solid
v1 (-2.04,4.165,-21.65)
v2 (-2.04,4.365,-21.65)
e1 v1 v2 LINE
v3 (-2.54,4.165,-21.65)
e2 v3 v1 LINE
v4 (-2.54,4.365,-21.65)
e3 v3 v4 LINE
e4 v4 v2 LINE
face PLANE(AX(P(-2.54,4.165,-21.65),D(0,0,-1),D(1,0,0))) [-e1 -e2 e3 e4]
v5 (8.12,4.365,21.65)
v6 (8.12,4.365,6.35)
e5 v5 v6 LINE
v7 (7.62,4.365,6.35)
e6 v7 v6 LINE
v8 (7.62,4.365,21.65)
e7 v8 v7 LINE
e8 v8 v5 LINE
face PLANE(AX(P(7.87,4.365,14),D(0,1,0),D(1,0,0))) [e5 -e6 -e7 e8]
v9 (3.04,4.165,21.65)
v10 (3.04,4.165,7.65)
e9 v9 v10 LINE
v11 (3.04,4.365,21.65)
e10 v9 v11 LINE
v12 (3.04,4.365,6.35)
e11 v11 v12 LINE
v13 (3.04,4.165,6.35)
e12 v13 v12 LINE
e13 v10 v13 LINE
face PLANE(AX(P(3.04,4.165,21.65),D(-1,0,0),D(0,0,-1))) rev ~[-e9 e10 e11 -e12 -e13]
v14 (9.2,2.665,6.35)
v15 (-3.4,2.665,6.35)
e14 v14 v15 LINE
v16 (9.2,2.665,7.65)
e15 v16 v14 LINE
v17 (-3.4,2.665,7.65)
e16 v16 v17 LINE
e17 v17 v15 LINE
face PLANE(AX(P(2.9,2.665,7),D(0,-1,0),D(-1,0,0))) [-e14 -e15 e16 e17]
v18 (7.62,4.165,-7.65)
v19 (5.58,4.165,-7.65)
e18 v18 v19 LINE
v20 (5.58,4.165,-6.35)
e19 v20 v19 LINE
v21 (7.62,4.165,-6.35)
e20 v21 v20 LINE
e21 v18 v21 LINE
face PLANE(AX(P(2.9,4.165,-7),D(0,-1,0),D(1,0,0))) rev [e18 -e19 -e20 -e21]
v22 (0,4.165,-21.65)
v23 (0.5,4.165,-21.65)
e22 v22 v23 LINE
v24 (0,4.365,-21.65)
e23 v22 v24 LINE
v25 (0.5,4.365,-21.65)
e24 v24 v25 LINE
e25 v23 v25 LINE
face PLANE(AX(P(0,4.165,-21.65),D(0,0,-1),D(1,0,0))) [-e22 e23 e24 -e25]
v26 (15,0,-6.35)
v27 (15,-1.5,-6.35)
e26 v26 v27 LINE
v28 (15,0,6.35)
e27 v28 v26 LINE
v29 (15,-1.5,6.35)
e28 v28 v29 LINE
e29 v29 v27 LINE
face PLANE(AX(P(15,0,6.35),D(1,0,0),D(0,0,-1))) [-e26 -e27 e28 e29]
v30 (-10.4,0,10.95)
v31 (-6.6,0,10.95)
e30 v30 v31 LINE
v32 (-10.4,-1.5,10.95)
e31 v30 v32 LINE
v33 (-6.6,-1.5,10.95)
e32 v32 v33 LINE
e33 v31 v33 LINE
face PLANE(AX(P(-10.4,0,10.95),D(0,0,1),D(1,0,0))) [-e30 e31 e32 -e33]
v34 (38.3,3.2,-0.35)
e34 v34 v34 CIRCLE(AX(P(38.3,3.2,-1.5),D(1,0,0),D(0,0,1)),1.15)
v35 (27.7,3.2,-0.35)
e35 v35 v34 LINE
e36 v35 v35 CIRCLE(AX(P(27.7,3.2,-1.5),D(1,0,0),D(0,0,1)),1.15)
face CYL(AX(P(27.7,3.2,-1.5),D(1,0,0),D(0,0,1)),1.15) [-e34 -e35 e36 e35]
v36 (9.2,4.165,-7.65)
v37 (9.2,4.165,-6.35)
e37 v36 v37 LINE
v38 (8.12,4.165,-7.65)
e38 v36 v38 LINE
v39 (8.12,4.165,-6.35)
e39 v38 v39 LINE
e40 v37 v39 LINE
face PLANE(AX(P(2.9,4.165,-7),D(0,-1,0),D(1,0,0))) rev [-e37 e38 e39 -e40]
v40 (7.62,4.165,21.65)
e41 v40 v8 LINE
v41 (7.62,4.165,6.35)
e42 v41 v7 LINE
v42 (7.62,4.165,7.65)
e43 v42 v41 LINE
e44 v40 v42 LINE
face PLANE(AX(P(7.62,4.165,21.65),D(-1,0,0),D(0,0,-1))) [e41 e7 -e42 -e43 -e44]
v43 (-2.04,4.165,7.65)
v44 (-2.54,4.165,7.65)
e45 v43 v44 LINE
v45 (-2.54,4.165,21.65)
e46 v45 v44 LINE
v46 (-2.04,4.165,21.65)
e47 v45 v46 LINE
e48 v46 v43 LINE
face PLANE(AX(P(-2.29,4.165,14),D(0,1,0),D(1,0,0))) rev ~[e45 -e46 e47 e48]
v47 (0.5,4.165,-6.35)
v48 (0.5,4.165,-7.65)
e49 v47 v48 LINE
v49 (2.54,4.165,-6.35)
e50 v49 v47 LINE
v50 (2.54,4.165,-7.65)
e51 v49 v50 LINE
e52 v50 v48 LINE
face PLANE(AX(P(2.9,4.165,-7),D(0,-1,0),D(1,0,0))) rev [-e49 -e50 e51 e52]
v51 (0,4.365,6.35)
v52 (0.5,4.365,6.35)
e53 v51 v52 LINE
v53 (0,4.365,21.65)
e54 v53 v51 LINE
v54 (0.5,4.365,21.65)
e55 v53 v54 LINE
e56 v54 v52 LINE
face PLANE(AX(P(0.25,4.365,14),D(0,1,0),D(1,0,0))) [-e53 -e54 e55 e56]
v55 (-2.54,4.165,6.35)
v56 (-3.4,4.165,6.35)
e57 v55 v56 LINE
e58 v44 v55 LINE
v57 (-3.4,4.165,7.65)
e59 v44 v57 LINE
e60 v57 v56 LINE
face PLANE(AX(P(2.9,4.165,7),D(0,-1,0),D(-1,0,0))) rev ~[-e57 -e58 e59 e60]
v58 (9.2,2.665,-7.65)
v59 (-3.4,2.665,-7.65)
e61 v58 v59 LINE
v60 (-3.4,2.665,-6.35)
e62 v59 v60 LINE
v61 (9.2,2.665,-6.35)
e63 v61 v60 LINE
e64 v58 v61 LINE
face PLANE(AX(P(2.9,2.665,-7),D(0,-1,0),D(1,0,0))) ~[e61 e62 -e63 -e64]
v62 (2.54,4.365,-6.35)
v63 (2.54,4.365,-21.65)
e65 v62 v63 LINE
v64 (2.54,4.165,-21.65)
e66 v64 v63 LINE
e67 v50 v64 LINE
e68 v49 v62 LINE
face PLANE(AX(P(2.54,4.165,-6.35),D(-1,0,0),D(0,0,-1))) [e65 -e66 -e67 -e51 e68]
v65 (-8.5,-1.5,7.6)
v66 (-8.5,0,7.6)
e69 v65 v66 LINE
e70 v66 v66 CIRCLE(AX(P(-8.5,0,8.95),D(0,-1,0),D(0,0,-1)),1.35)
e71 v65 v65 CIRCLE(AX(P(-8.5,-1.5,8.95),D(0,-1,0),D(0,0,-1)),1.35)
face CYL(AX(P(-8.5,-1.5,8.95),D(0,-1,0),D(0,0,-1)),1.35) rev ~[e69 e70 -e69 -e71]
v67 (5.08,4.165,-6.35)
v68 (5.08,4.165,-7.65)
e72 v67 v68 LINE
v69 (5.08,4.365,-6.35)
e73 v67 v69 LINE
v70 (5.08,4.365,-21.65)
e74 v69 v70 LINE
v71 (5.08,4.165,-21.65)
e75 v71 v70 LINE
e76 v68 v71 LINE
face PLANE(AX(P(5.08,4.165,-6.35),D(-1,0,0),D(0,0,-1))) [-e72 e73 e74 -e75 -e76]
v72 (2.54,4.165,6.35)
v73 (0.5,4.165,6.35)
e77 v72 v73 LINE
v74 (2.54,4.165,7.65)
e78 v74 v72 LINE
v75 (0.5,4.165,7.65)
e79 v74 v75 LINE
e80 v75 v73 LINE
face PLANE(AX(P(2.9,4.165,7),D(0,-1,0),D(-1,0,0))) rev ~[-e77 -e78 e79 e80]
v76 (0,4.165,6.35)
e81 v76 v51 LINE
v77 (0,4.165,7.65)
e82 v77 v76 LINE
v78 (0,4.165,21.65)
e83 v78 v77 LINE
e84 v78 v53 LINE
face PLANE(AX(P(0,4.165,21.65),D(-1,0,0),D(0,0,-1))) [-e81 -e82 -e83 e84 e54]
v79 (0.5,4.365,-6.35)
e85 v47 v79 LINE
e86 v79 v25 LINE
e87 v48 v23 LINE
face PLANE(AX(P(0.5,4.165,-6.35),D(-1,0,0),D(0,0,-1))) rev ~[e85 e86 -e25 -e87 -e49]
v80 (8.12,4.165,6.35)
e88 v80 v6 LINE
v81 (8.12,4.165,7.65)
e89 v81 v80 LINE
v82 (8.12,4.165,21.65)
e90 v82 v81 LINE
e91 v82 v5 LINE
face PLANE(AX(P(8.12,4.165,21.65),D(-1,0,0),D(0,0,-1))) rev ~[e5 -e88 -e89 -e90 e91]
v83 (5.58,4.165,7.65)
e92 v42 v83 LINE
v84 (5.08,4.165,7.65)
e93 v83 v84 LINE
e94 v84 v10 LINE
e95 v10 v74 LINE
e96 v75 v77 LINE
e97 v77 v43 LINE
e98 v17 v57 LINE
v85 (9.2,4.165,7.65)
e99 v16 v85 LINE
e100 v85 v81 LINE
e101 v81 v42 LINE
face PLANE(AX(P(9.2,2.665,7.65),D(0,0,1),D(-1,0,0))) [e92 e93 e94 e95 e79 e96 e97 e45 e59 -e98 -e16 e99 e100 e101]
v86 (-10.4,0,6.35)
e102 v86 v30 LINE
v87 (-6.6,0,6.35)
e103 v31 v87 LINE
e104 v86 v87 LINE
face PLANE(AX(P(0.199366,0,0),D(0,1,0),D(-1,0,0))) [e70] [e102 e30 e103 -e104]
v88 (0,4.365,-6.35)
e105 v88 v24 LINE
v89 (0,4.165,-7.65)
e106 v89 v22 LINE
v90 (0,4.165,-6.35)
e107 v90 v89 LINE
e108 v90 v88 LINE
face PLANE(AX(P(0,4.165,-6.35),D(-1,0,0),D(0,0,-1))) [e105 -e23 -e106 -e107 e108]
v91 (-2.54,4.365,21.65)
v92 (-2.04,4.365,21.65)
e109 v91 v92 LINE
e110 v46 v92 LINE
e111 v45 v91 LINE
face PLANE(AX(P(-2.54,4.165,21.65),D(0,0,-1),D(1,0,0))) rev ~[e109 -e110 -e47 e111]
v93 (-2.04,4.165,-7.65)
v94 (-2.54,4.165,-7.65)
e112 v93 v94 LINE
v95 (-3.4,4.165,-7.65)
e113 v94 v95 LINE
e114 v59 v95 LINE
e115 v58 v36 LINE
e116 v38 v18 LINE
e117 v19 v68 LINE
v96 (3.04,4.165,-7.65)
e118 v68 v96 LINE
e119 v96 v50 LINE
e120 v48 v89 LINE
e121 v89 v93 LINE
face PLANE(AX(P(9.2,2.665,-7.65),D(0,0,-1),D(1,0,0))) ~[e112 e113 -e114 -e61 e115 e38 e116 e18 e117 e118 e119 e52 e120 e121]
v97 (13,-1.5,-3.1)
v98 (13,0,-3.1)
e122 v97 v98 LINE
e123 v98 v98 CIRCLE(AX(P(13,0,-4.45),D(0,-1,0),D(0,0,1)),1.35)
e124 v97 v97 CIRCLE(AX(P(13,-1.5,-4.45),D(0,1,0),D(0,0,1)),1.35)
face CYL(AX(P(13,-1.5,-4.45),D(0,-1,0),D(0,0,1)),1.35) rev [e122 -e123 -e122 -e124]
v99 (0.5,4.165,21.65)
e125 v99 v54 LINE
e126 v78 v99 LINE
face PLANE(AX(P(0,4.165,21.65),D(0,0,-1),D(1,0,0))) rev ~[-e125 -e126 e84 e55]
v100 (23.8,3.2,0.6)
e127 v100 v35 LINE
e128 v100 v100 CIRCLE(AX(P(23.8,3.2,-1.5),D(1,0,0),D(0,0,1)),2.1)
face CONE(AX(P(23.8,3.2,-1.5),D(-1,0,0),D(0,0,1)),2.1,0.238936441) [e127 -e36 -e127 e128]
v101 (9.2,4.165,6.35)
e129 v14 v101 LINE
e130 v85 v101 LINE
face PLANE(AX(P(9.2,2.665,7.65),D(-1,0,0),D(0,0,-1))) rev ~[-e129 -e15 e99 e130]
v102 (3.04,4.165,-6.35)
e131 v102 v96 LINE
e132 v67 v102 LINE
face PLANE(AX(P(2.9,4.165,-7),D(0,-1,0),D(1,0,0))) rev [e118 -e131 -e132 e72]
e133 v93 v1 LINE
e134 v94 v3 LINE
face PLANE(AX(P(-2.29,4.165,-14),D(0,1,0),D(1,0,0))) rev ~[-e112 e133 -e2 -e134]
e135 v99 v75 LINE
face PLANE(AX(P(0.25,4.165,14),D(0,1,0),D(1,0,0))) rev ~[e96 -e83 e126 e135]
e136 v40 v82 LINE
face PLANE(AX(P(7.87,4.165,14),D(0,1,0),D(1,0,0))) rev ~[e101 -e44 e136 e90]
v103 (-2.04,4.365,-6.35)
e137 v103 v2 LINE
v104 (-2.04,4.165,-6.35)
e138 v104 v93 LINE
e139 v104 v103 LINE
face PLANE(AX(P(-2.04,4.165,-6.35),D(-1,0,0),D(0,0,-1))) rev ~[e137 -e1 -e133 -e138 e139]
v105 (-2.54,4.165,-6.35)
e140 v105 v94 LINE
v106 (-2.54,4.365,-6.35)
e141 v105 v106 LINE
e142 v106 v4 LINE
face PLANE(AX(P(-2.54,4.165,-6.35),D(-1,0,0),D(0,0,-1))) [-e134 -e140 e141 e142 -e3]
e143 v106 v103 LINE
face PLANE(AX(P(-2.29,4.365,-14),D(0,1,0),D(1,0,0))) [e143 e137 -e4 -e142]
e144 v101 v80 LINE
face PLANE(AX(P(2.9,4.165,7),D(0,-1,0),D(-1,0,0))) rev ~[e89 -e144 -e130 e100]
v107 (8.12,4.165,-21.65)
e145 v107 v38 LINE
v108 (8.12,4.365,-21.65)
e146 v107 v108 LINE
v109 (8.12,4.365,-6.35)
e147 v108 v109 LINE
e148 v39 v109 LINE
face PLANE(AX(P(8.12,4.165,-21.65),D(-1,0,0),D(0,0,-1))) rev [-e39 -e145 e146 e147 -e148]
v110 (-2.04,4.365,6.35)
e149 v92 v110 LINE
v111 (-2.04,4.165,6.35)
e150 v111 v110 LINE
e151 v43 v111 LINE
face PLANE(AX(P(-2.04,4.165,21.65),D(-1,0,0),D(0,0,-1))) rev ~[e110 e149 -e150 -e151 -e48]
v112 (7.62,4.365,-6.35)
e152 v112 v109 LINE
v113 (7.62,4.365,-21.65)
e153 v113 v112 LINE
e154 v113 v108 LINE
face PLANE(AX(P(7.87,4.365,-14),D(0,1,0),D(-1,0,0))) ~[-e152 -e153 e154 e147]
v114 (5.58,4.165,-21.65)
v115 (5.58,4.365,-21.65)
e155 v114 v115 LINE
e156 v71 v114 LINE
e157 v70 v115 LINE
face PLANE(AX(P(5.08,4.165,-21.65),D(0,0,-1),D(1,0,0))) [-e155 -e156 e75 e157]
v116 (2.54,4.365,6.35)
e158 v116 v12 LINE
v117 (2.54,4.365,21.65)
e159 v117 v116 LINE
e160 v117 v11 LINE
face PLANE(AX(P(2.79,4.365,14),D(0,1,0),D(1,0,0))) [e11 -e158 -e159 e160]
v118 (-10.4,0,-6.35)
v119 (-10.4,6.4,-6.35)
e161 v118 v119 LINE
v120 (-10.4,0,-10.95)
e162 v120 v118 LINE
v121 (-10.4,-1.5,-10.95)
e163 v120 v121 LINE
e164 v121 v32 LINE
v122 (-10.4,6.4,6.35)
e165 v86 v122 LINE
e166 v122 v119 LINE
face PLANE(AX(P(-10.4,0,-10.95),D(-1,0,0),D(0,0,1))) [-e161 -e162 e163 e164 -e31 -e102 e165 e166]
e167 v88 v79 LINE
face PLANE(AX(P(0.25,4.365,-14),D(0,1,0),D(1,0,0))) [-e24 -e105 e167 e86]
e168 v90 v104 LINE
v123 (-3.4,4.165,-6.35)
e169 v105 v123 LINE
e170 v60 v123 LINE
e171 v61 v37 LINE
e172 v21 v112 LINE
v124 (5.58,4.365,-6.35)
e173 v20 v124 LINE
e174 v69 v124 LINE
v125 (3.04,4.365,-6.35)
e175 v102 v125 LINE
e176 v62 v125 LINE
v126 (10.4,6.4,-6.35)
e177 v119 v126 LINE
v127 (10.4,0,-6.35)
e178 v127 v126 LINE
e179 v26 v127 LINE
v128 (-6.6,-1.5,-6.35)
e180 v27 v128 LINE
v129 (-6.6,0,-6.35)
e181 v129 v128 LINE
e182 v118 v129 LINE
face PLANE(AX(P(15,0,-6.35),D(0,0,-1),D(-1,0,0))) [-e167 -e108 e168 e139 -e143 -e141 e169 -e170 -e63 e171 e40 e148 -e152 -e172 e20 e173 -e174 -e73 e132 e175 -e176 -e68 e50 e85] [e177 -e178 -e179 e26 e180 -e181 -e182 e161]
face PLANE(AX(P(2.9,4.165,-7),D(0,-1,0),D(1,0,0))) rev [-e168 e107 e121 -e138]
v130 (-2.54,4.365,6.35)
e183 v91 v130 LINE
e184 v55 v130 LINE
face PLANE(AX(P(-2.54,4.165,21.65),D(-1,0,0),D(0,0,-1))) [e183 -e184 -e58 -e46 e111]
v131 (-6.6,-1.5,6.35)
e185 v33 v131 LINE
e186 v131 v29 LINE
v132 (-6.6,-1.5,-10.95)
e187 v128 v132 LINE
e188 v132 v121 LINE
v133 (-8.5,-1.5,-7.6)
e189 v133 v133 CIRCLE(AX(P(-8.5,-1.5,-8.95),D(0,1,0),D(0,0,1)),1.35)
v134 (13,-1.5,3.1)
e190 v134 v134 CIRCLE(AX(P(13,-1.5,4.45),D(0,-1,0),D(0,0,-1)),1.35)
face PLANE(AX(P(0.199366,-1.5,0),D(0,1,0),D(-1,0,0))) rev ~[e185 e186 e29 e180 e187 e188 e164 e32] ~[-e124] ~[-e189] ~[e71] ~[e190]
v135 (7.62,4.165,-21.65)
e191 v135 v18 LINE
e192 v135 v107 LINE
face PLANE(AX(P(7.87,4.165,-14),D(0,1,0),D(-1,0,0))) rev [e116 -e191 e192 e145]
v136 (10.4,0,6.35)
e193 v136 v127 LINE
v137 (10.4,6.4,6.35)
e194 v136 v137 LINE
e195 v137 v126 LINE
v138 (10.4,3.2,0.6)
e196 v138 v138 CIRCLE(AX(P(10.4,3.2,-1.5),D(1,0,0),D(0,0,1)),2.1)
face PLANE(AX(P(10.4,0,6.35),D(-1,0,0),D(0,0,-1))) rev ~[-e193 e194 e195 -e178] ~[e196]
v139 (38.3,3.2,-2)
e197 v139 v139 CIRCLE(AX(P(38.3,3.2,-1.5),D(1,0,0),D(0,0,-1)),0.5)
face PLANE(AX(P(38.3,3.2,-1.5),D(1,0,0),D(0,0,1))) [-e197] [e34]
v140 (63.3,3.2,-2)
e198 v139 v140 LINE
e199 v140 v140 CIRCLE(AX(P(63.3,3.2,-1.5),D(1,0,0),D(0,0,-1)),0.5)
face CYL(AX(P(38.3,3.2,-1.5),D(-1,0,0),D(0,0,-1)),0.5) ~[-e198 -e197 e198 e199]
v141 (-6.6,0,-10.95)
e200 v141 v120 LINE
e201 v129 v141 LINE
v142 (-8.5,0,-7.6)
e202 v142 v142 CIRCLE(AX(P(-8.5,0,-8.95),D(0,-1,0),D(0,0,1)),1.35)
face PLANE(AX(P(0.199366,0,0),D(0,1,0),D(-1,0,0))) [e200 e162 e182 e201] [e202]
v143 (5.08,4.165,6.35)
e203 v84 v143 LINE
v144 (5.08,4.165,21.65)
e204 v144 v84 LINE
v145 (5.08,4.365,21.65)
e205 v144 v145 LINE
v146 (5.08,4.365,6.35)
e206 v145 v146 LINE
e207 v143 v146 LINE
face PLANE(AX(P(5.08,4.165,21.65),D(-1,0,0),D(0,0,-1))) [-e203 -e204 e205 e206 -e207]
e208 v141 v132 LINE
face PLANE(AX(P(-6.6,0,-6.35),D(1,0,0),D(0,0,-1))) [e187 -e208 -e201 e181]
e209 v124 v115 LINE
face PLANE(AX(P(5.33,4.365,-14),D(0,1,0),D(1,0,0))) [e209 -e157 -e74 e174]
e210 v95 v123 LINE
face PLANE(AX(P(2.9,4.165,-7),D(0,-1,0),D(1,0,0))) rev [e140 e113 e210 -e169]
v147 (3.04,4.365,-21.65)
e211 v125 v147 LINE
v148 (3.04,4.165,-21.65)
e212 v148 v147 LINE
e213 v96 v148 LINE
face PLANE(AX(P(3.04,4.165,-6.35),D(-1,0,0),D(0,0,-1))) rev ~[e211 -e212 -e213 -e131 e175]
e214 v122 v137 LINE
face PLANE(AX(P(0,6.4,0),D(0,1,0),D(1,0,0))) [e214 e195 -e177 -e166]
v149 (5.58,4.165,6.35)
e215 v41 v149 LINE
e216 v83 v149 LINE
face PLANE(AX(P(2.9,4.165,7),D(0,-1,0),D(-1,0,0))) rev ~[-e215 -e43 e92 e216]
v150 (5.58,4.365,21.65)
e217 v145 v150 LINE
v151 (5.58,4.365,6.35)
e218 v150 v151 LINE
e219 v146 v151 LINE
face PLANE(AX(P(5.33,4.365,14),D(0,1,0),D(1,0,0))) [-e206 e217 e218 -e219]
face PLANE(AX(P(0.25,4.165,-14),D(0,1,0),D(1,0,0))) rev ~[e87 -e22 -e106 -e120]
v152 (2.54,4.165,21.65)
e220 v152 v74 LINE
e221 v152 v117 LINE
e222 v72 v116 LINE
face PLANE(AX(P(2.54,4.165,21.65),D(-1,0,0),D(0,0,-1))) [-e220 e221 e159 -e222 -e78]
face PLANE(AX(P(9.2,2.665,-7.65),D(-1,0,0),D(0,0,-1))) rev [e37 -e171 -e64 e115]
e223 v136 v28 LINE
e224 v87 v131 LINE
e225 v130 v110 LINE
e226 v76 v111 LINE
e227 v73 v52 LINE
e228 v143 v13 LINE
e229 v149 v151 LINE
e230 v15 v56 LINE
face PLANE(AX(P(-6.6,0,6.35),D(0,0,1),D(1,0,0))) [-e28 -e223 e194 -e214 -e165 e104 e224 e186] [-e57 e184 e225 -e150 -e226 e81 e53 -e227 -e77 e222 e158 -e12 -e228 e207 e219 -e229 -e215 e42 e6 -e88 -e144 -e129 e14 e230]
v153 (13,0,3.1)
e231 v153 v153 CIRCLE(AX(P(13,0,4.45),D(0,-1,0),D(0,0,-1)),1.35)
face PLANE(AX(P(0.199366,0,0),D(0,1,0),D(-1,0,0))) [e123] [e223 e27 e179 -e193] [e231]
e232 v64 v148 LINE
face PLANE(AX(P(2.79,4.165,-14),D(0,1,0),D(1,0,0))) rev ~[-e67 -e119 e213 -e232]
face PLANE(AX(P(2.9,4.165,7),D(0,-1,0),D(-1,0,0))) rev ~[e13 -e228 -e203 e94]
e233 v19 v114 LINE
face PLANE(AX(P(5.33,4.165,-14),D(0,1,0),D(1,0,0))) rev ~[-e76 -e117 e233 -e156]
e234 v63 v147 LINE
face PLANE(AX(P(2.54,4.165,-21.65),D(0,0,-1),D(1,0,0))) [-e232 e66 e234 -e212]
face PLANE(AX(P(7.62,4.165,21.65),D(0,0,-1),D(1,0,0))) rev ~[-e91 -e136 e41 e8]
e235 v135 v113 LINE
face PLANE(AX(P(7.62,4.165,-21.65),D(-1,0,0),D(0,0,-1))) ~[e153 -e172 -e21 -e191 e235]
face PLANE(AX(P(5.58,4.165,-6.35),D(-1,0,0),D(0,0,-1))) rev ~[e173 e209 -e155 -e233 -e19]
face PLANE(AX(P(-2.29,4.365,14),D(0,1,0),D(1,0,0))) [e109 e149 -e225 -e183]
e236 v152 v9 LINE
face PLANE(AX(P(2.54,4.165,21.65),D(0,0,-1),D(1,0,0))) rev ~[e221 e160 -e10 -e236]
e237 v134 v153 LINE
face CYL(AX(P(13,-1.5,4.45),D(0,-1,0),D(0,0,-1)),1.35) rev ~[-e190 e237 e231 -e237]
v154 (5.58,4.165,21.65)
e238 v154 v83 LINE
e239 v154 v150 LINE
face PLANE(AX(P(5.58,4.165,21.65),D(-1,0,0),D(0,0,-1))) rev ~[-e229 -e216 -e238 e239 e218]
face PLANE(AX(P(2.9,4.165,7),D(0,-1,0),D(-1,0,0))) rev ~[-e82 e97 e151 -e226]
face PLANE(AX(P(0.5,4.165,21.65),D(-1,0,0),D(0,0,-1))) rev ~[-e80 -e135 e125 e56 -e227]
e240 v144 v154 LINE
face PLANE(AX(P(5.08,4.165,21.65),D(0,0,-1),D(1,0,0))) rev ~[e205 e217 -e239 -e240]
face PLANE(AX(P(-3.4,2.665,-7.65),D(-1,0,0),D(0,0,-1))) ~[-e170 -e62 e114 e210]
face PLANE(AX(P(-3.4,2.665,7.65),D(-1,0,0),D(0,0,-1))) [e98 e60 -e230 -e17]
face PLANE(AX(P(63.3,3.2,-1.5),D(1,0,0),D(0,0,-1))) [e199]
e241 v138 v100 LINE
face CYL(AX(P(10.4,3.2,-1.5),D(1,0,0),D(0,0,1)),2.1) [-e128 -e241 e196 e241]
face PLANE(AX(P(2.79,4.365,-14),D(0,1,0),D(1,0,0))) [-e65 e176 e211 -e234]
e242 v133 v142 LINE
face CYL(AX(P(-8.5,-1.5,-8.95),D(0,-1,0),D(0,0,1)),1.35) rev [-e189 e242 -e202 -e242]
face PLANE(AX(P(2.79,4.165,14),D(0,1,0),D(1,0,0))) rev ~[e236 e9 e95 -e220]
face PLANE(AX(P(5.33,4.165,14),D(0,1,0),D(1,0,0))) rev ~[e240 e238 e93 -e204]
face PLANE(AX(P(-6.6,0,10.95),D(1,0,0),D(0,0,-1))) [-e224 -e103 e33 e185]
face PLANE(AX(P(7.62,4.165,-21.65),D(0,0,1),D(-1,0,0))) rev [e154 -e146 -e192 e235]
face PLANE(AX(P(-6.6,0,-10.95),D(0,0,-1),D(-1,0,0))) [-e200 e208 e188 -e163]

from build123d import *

# Parameters (mm, degrees)
SKETCH1_W               = 20.8
SKETCH1_H               = 12.7
BOSS_EXTRUDE1_DEPTH     = 6.4
BOSS_EXTRUDE2_DEPTH     = 1.5
SKETCH5_R               = 1.35
CUT_EXTRUDE1_DEPTH      = 21.181984541
SKETCH9_W               = 12.6
SKETCH9_H               = 1.3
BOSS_EXTRUDE4_DEPTH     = 1.5
SKETCH10_W              = 0.5
SKETCH10_H              = 15.3
BOSS_EXTRUDE5_DEPTH     = 0.2
LPATTERN1_COUNT         = 5
LPATTERN1_PITCH         = 2.54
MIRROR2_COPY_1_SKETCH_W = 0.5
MIRROR2_COPY_1_SKETCH_H = 15.3
MIRROR2_COPY_1_DEPTH    = 0.2
MIRROR2_COPY_2_SKETCH_W = 0.5
MIRROR2_COPY_2_SKETCH_H = 15.3
MIRROR2_COPY_2_DEPTH    = 0.2
MIRROR2_COPY_3_SKETCH_W = 0.5
MIRROR2_COPY_3_SKETCH_H = 15.3
MIRROR2_COPY_3_DEPTH    = 0.2
MIRROR2_COPY_4_SKETCH_W = 0.5
MIRROR2_COPY_4_SKETCH_H = 15.3
MIRROR2_COPY_4_DEPTH    = 0.2
SKETCH12_R              = 0.5
BOSS_EXTRUDE6_DEPTH     = 25


with BuildPart() as part:
    # Sketch1 → Boss-Extrude1 (new body)
    with BuildSketch(Plane(origin=(0, 0, 0), x_dir=(1, 0, 0), z_dir=(0, 1, 0))):
        Rectangle(SKETCH1_W, SKETCH1_H)
    extrude(amount=BOSS_EXTRUDE1_DEPTH)

    # Sketch3 → Boss-Extrude2 (add)
    with BuildSketch(Plane.XZ):
        Polygon((-10.4, 10.95), (-6.6, 10.95), (-6.6, 6.35), (15, 6.35), (15, -6.35), (-6.6, -6.35), (-6.6, -10.95), (-10.4, -10.95), align=None)
    extrude(amount=BOSS_EXTRUDE2_DEPTH)

    # Sketch5 → Cut-Extrude1 (cut, through all)
    with BuildSketch(Plane.XZ.offset(1.5)):
        with Locations((-8.5, 8.95)):
            Circle(SKETCH5_R)
        with Locations((13, 4.45)):
            Circle(SKETCH5_R)
    cut_extrude1 = extrude(amount=-CUT_EXTRUDE1_DEPTH, mode=Mode.SUBTRACT)

    # Mirror3: Cut-Extrude1 across plane
    add(cut_extrude1.mirror(Plane.XY), mode=Mode.SUBTRACT)

    # Sketch11 → Revolve1 (revolve)
    with BuildSketch(Plane(origin=(0, 3.2, 0), x_dir=(-1, 0, 0), z_dir=(0, -1, 0))):
        Polygon((-10.4, 1.5), (-10.4, 3.6), (-23.8, 3.6), (-27.7, 2.65), (-38.3, 2.65), (-38.3, 1.5), align=None)
    revolve(axis=Axis((10.4, 3.2, -1.5), (1, 0, 0)))

    # Sketch9 → Boss-Extrude4 (add)
    with BuildSketch(Plane(origin=(0, 2.665, 0), x_dir=(-1, 0, 0), z_dir=(0, -1, 0))):
        with Locations((-2.9, -7)):
            Rectangle(SKETCH9_W, SKETCH9_H)
    boss_extrude4 = extrude(amount=-BOSS_EXTRUDE4_DEPTH)

    # Sketch10 → Boss-Extrude5 (add)
    with BuildSketch(Plane(origin=(0, 4.165, 0), x_dir=(1, 0, 0), z_dir=(0, 1, 0))):
        with Locations((7.87, -14)):
            Rectangle(SKETCH10_W, SKETCH10_H)
    boss_extrude5 = extrude(amount=BOSS_EXTRUDE5_DEPTH)

    # LPattern1: Boss-Extrude5 ×5
    with Locations(*[(-i * LPATTERN1_PITCH, 0, 0) for i in range(1, LPATTERN1_COUNT)]):
        add(boss_extrude5)

    # Mirror2: Boss-Extrude4, Boss-Extrude5 across plane
    add(boss_extrude4.mirror(Plane.XY))
    add(boss_extrude5.mirror(Plane.XY))

    # Mirror2 copy 1 sketch → Mirror2 copy 1 (add)
    with BuildSketch(Plane(origin=(-2.54, 4.165, 0), x_dir=(1, 0, 0), z_dir=(0, 1, 0))):
        with Locations((7.87, 14)):
            Rectangle(MIRROR2_COPY_1_SKETCH_W, MIRROR2_COPY_1_SKETCH_H)
    extrude(amount=MIRROR2_COPY_1_DEPTH)

    # Mirror2 copy 2 sketch → Mirror2 copy 2 (add)
    with BuildSketch(Plane(origin=(-5.08, 4.165, 0), x_dir=(1, 0, 0), z_dir=(0, 1, 0))):
        with Locations((7.87, 14)):
            Rectangle(MIRROR2_COPY_2_SKETCH_W, MIRROR2_COPY_2_SKETCH_H)
    extrude(amount=MIRROR2_COPY_2_DEPTH)

    # Mirror2 copy 3 sketch → Mirror2 copy 3 (add)
    with BuildSketch(Plane(origin=(-7.62, 4.165, 0), x_dir=(1, 0, 0), z_dir=(0, 1, 0))):
        with Locations((7.87, 14)):
            Rectangle(MIRROR2_COPY_3_SKETCH_W, MIRROR2_COPY_3_SKETCH_H)
    extrude(amount=MIRROR2_COPY_3_DEPTH)

    # Mirror2 copy 4 sketch → Mirror2 copy 4 (add)
    with BuildSketch(Plane(origin=(-10.16, 4.165, 0), x_dir=(1, 0, 0), z_dir=(0, 1, 0))):
        with Locations((7.87, 14)):
            Rectangle(MIRROR2_COPY_4_SKETCH_W, MIRROR2_COPY_4_SKETCH_H)
    extrude(amount=MIRROR2_COPY_4_DEPTH)

    # Sketch12 → Boss-Extrude6 (add)
    with BuildSketch(Plane(origin=(38.3, 0, 0), x_dir=(0, 0, -1), z_dir=(1, 0, 0))):
        with Locations((1.5, 3.2)):
            Circle(SKETCH12_R)
    extrude(amount=BOSS_EXTRUDE6_DEPTH)


solid = part.part
